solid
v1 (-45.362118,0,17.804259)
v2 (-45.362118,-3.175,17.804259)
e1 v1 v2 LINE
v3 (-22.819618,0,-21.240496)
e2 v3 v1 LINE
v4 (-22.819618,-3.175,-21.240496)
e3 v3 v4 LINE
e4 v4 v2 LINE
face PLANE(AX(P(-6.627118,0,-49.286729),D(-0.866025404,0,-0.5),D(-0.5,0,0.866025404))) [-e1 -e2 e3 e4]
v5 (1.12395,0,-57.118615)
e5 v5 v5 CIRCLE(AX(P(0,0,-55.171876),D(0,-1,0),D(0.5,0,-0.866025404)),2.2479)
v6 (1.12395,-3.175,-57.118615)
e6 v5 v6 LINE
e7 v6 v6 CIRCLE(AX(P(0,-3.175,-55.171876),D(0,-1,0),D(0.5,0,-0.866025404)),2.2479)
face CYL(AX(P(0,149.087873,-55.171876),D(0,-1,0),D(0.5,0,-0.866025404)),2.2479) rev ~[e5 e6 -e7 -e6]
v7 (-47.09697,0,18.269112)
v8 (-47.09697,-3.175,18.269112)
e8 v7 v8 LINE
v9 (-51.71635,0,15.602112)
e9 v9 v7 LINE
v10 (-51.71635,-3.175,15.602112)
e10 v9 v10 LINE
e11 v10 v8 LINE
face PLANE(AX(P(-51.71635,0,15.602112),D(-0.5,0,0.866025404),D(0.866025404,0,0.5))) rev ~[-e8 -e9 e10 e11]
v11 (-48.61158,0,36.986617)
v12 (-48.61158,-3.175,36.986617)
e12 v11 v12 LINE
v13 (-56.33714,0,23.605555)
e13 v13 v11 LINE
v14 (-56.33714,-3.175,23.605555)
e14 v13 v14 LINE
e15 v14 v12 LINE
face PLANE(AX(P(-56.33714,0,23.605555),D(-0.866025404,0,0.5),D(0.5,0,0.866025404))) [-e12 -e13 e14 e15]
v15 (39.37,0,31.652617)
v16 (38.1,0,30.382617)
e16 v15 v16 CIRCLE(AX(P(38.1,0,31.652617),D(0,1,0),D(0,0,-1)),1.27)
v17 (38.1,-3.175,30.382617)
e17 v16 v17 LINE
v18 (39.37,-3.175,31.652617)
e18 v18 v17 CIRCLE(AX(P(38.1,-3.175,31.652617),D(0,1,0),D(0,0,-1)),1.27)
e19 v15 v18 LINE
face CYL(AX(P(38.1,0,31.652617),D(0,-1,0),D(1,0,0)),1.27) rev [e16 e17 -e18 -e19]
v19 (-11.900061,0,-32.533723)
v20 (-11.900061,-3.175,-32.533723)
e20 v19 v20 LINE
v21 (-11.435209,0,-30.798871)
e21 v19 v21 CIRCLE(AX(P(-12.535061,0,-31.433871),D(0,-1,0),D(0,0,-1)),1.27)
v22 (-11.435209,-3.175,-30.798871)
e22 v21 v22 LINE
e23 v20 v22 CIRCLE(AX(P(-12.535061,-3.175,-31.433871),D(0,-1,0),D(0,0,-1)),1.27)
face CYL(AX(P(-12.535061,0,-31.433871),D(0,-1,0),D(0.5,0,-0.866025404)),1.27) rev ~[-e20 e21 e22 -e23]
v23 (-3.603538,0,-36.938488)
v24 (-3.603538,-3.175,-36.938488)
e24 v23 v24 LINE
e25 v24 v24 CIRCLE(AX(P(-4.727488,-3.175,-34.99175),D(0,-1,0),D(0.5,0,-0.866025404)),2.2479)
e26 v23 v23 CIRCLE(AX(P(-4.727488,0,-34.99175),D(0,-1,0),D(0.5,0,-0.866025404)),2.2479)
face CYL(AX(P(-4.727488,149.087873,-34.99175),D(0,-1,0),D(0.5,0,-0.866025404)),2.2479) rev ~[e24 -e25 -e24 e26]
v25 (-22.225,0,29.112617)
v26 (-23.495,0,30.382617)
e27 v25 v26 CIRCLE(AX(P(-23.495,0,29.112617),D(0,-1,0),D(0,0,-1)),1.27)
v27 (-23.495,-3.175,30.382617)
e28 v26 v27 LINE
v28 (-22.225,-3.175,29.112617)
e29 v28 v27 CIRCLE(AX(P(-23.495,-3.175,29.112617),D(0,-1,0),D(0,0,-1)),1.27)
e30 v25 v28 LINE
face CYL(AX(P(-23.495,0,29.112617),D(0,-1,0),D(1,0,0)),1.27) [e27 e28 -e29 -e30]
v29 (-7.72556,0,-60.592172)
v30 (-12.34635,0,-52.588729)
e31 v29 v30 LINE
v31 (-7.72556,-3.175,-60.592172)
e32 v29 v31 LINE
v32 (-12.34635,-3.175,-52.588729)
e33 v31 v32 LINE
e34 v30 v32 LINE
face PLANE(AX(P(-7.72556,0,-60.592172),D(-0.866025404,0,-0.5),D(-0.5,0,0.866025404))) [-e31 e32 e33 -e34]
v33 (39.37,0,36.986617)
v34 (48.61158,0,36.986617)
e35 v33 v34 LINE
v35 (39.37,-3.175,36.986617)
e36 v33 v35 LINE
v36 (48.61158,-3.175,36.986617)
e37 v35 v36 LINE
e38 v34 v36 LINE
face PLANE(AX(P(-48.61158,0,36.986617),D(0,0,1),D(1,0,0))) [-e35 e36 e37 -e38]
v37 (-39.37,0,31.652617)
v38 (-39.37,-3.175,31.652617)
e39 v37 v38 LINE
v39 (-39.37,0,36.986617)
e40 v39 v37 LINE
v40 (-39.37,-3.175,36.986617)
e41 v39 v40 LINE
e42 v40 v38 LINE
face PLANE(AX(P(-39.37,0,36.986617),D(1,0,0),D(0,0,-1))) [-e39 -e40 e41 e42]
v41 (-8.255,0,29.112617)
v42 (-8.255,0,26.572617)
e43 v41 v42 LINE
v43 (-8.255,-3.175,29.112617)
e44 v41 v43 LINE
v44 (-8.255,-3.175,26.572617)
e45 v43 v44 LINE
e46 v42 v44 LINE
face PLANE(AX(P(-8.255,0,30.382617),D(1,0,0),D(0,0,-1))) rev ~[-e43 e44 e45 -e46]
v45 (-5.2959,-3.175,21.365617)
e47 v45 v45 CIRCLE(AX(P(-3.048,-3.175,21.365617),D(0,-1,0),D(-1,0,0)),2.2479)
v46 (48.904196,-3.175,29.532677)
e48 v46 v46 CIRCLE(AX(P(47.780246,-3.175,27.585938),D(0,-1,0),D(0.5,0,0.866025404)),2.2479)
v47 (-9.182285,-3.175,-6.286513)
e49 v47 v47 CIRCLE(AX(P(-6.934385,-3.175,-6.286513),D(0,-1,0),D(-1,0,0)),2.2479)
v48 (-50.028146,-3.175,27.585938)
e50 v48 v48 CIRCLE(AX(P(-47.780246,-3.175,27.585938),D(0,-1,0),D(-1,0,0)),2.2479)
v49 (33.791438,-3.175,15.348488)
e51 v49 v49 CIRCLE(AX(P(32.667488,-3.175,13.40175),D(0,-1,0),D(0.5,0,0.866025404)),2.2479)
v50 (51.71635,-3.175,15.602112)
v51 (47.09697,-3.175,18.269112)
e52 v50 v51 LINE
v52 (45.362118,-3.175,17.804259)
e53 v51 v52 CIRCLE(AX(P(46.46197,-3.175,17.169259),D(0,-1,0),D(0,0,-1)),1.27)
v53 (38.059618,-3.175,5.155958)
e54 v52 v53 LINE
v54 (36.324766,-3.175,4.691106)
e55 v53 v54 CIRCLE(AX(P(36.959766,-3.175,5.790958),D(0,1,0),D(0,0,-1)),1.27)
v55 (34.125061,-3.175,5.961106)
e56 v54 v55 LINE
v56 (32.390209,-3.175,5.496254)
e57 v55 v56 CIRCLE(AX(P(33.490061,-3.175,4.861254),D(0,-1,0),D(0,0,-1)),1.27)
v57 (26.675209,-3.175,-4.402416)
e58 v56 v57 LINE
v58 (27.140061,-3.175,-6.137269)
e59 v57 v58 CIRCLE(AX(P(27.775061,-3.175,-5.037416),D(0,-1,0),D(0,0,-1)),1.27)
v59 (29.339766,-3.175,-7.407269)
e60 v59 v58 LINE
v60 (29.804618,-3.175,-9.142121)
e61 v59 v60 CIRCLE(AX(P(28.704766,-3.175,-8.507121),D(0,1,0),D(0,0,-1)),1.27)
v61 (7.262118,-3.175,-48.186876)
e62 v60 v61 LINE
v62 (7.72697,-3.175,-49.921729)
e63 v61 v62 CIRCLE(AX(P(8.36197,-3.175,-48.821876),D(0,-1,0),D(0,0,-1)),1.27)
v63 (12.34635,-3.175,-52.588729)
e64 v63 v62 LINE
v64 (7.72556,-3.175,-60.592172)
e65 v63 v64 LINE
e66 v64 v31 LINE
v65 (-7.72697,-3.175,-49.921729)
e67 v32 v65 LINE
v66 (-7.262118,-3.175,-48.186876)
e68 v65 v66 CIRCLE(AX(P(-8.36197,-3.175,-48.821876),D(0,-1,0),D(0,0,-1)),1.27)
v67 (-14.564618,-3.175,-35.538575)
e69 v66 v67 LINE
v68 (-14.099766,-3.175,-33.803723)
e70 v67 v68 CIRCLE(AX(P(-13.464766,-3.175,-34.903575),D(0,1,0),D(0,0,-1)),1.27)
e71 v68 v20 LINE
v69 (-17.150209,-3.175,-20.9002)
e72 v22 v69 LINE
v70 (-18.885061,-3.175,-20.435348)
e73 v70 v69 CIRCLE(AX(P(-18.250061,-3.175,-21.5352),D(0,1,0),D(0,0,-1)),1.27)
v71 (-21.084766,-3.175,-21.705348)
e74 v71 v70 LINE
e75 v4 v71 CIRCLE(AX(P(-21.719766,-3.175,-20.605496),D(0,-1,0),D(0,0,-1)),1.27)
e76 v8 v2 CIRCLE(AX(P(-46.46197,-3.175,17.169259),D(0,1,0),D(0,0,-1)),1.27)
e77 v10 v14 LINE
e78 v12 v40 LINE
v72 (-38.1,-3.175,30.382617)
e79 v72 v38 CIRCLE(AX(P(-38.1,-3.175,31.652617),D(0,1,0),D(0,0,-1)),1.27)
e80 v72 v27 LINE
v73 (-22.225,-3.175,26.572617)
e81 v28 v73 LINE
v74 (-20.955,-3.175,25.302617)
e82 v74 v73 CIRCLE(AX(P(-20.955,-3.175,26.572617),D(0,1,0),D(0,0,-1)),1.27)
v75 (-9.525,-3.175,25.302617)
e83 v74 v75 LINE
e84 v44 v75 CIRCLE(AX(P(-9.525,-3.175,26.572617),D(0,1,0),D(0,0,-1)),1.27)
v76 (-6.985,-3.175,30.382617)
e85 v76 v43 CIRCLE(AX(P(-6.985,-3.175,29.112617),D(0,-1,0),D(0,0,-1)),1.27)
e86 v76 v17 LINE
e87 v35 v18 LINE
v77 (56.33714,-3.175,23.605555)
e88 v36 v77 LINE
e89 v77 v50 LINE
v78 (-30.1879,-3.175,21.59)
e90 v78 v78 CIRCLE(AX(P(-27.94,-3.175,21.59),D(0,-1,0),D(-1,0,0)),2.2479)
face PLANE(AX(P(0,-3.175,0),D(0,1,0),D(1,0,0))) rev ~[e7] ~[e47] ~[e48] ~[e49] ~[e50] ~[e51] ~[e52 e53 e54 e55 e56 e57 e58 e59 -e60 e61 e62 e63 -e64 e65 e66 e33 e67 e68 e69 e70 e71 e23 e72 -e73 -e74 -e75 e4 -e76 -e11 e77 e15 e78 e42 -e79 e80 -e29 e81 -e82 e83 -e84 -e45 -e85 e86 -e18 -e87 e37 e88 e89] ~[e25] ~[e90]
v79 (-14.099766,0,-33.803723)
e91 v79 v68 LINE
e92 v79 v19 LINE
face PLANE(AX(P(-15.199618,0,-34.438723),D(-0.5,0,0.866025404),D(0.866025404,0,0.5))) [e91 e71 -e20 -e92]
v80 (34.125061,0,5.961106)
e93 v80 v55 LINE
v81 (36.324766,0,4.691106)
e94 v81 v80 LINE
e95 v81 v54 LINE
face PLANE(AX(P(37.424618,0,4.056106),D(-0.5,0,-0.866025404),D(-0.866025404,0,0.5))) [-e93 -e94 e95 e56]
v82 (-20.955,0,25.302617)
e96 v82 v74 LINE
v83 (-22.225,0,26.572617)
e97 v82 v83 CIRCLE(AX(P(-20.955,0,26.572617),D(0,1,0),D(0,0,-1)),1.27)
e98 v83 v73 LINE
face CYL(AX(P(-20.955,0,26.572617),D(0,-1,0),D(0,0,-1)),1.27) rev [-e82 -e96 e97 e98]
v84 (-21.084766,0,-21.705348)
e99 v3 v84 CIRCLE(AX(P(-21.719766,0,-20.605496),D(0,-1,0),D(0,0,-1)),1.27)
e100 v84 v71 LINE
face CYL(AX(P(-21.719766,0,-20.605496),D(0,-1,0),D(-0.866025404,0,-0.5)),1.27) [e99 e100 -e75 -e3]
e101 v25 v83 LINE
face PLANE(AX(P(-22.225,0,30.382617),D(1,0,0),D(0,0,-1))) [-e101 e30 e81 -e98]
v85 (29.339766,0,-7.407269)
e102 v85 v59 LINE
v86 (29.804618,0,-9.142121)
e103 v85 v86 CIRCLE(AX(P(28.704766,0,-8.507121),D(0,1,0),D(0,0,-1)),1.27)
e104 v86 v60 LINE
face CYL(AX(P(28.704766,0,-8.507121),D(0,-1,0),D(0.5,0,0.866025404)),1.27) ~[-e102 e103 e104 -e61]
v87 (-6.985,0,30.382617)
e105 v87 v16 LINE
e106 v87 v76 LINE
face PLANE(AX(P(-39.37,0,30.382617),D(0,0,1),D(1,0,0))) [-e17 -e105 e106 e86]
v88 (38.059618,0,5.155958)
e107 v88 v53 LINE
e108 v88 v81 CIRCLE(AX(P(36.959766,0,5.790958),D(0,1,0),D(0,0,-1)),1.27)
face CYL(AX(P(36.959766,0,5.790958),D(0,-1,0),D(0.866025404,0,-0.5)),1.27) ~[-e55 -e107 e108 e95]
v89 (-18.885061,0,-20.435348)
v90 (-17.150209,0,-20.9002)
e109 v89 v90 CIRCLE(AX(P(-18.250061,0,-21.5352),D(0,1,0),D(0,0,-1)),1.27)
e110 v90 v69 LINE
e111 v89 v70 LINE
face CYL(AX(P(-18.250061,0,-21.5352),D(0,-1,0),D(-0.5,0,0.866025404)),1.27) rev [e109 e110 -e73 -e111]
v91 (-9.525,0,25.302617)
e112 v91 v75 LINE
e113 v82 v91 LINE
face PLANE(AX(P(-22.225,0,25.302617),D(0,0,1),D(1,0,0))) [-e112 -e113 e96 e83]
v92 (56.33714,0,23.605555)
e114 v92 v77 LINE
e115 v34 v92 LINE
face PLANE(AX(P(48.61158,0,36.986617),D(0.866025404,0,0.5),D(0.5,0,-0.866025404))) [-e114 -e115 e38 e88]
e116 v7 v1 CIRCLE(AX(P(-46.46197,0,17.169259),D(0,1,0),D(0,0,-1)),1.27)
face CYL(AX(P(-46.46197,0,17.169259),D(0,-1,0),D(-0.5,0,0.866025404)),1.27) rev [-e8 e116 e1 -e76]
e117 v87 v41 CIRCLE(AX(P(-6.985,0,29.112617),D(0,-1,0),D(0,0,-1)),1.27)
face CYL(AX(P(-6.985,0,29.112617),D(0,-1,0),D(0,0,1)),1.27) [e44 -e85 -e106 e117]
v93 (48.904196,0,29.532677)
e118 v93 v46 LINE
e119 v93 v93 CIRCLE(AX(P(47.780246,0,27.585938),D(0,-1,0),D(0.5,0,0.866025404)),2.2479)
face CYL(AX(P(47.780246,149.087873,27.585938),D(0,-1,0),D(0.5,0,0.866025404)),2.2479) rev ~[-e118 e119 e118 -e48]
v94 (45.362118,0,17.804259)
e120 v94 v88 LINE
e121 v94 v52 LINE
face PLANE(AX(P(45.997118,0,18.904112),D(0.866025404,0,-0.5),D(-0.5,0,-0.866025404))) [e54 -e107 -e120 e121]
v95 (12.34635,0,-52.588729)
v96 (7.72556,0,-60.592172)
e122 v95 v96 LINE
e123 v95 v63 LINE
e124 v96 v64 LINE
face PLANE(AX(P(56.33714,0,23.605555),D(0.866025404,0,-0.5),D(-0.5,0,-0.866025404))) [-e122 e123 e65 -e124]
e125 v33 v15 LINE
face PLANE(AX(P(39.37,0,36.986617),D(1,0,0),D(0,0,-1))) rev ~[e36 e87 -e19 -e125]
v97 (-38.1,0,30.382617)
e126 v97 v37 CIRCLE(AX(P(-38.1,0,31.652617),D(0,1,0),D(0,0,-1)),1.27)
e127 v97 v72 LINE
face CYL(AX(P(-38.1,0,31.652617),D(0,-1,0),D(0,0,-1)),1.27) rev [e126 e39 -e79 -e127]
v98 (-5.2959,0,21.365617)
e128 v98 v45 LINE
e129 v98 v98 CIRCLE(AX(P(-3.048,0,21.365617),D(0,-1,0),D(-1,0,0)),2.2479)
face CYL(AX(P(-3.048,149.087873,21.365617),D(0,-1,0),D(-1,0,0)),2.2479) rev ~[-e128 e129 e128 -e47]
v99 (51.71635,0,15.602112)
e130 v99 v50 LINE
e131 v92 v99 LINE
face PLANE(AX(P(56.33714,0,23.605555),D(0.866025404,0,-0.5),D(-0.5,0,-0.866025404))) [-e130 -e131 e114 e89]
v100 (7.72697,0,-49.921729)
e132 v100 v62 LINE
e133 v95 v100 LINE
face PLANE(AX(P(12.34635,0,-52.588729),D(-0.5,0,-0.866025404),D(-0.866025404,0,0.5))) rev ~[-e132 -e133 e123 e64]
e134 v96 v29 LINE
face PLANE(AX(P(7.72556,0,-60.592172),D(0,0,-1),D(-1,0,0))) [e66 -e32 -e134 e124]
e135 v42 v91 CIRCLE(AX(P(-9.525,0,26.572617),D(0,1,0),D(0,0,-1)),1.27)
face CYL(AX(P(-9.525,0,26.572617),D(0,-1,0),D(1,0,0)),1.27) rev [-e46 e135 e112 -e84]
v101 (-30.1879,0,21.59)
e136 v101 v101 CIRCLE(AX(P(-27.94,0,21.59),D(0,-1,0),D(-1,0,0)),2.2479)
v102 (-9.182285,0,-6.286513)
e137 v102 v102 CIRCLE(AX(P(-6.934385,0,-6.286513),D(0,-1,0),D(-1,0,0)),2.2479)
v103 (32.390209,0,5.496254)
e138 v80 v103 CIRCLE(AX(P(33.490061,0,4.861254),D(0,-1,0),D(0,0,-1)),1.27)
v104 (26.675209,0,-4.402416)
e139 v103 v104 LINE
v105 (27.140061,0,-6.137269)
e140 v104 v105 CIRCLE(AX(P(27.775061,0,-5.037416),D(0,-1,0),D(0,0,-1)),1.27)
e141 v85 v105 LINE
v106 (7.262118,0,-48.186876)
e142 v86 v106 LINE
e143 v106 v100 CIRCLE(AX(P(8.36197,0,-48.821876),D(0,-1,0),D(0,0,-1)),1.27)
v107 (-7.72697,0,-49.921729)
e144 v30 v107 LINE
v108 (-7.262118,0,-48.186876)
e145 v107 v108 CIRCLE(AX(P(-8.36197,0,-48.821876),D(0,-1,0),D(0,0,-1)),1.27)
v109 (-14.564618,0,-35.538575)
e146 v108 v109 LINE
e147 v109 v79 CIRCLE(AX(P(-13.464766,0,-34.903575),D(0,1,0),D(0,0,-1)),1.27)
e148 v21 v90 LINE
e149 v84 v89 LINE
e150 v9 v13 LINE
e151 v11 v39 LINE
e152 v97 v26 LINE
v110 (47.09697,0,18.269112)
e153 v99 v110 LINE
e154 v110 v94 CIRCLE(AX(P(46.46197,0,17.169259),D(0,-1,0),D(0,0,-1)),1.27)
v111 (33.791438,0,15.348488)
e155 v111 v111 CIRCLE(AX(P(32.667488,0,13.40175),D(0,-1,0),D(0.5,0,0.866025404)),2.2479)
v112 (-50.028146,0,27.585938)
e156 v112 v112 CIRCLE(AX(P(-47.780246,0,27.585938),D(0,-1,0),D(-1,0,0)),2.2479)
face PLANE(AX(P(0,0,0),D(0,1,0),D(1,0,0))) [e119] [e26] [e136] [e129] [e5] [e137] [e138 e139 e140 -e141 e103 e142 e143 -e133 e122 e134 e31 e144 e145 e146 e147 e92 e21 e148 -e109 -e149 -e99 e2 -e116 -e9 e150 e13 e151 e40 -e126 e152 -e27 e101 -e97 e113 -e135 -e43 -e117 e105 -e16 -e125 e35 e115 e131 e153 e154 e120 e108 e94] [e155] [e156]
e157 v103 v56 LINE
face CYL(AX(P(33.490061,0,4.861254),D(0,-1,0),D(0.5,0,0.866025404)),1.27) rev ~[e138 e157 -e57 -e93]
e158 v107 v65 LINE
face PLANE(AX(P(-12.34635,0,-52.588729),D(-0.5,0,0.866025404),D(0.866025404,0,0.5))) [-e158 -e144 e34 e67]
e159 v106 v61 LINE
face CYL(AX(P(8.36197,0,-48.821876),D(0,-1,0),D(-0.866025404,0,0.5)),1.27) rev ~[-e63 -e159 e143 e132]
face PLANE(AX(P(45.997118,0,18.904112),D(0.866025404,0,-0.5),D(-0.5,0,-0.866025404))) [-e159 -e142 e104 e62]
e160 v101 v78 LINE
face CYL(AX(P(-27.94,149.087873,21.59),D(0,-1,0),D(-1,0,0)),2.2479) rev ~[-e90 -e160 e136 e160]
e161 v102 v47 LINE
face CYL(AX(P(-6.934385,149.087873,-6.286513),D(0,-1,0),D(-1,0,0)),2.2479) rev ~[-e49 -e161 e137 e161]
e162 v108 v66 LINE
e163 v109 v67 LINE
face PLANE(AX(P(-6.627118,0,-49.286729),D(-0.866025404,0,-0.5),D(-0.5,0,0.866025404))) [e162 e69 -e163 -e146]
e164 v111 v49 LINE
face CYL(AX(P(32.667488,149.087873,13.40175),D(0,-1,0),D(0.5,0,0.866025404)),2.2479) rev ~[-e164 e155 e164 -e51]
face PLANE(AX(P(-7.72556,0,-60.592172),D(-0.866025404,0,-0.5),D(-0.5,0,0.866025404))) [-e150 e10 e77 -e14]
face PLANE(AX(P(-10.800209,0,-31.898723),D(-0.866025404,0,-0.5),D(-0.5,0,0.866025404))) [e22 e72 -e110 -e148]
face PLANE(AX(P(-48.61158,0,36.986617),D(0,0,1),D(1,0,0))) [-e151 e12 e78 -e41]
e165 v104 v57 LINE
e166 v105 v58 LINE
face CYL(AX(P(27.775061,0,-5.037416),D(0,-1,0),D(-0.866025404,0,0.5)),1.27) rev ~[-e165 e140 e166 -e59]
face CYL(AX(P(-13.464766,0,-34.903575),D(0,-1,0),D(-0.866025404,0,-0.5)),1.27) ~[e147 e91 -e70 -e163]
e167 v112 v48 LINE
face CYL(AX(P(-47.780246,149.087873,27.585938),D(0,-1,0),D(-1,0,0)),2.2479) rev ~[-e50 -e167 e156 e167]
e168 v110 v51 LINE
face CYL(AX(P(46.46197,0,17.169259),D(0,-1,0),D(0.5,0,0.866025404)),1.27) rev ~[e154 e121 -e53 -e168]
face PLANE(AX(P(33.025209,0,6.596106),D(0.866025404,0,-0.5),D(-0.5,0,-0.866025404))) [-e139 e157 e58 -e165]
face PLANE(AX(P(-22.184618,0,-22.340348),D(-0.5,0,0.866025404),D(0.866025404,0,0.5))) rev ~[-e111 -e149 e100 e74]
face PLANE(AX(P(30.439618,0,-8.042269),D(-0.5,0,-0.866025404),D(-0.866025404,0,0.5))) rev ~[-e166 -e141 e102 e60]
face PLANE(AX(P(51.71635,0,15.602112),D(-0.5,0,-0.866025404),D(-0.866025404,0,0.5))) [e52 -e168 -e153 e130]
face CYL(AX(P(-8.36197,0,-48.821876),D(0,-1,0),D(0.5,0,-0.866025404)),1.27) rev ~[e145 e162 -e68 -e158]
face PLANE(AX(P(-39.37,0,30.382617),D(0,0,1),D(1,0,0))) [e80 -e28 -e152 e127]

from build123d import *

# Parameters (mm, degrees)
BOSS_EXTRUDE1_DEPTH      = 3.175
SKETCH2_W                = 78.74
SKETCH2_H                = 6.604
CUT_EXTRUDE1_DEPTH       = 83.797133034
SKETCH8_W                = 13.97
SKETCH8_H                = 5.08
CUT_EXTRUDE2_DEPTH       = 83.797133034
FILLET1_R                = 1.27
F_8_CLEARANCE_HOLE1_D    = 4.4958
CIRPATTERN1_COUNT        = 3
FILLET1_OF_CIRPATTERN1_R = 1.27
F_8_CLEARANCE_HOLE2_D    = 4.4958
CIRPATTERN2_COUNT        = 3
F_8_CLEARANCE_HOLE3_D    = 4.4958


with BuildPart() as part:
    # Sketch1 → Boss-Extrude1 (new body)
    with BuildSketch(Plane(origin=(0, 0, 0), x_dir=(1, 0, 0), z_dir=(0, 1, 0))):
        Polygon((48.611580185, -36.986616861), (56.337139895, -23.605554928), (7.725559709, 60.592171789), (-7.725559709, 60.592171789), (-56.337139895, -23.605554928), (-48.611580185, -36.986616861), align=None)
    extrude(amount=-BOSS_EXTRUDE1_DEPTH)

    # Sketch2 → Cut-Extrude1 (cut, through all)
    with BuildSketch(Plane(origin=(0, 0, 0), x_dir=(1, 0, 0), z_dir=(0, 1, 0))):
        with Locations((0, -33.684616861)):
            Rectangle(SKETCH2_W, SKETCH2_H)
    cut_extrude1 = extrude(amount=-CUT_EXTRUDE1_DEPTH, mode=Mode.SUBTRACT)

    # Sketch8 → Cut-Extrude2 (cut, through all)
    with BuildSketch(Plane(origin=(0, 0, 0), x_dir=(1, 0, 0), z_dir=(0, 1, 0))):
        with Locations((-15.24, -27.842616861)):
            Rectangle(SKETCH8_W, SKETCH8_H)
    cut_extrude2 = extrude(amount=-CUT_EXTRUDE2_DEPTH, mode=Mode.SUBTRACT)

    # Fillet1
    fillet1_edges = [part.edges().sort_by_distance(p)[0] for p in [
        (-39.37, -1.5875, 30.382616861),
        (39.37, -1.5875, 30.382616861),
        (-8.255, -1.5875, 25.302616861),
        (-22.225, -1.5875, 25.302616861),
        (-8.255, -1.5875, 30.382616861),
        (-22.225, -1.5875, 30.382616861),
    ]]
    fillet(fillet1_edges, radius=FILLET1_R)

    # #8 Clearance Hole1 (through all)
    with Locations(Plane(origin=(0, 0, 0), x_dir=(1, 0, 0), z_dir=(0, 1, 0))):
        with Locations((-47.780246463, -27.585938157)):
            f_8_clearance_hole1 = Hole(F_8_CLEARANCE_HOLE1_D / 2)

    # CirPattern1: Cut-Extrude1, Cut-Extrude2, #8 Clearance Hole1 ×3 about axis
    cirpattern1_axis = Axis((0, 0.15875, 0), (0, -1, 0))
    add([cut_extrude1.rotate(cirpattern1_axis, i * 360 / CIRPATTERN1_COUNT) for i in range(1, CIRPATTERN1_COUNT)], mode=Mode.SUBTRACT)
    add([cut_extrude2.rotate(cirpattern1_axis, i * 360 / CIRPATTERN1_COUNT) for i in range(1, CIRPATTERN1_COUNT)], mode=Mode.SUBTRACT)
    add([f_8_clearance_hole1.rotate(cirpattern1_axis, i * 360 / CIRPATTERN1_COUNT) for i in range(1, CIRPATTERN1_COUNT)], mode=Mode.SUBTRACT)

    # Fillet1 of CirPattern1
    fillet1_of_cirpattern1_edges = [part.edges().sort_by_distance(p)[0] for p in [
        (-6.627118036, -1.5875, -49.286728578),
        (-45.997118036, -1.5875, 18.904111716),
        (-17.785208984, -1.5875, -19.800348139),
        (-10.800208984, -1.5875, -31.89872303),
        (-22.184618036, -1.5875, -22.340348139),
        (-15.199618036, -1.5875, -34.43872303),
        (45.997118036, -1.5875, 18.904111716),
        (6.627118036, -1.5875, -49.286728578),
        (26.040208984, -1.5875, -5.502268723),
        (33.025208984, -1.5875, 6.596106168),
        (30.439618036, -1.5875, -8.042268723),
        (37.424618036, -1.5875, 4.056106168),
    ]]
    fillet(fillet1_of_cirpattern1_edges, radius=FILLET1_OF_CIRPATTERN1_R)

    # #8 Clearance Hole2 (through all)
    with Locations(Plane(origin=(0, 0, 0), x_dir=(1, 0, 0), z_dir=(0, 1, 0))):
        with Locations((-27.94, -21.59)):
            f_8_clearance_hole2 = Hole(F_8_CLEARANCE_HOLE2_D / 2)

    # CirPattern2: #8 Clearance Hole2 ×3 about axis
    cirpattern2_axis = Axis((0, 8.034658337, 0), (0, -1, 0))
    for i in range(1, CIRPATTERN2_COUNT):
        add(f_8_clearance_hole2.rotate(cirpattern2_axis, i * 360 / CIRPATTERN2_COUNT), mode=Mode.SUBTRACT)

    # #8 Clearance Hole3 (through all)
    with Locations(Plane(origin=(0, 0, 0), x_dir=(1, 0, 0), z_dir=(0, 1, 0))):
        with Locations((-6.934384891, 6.286512516), (-3.048, -21.365616861)):
            Hole(F_8_CLEARANCE_HOLE3_D / 2)


solid = part.part
